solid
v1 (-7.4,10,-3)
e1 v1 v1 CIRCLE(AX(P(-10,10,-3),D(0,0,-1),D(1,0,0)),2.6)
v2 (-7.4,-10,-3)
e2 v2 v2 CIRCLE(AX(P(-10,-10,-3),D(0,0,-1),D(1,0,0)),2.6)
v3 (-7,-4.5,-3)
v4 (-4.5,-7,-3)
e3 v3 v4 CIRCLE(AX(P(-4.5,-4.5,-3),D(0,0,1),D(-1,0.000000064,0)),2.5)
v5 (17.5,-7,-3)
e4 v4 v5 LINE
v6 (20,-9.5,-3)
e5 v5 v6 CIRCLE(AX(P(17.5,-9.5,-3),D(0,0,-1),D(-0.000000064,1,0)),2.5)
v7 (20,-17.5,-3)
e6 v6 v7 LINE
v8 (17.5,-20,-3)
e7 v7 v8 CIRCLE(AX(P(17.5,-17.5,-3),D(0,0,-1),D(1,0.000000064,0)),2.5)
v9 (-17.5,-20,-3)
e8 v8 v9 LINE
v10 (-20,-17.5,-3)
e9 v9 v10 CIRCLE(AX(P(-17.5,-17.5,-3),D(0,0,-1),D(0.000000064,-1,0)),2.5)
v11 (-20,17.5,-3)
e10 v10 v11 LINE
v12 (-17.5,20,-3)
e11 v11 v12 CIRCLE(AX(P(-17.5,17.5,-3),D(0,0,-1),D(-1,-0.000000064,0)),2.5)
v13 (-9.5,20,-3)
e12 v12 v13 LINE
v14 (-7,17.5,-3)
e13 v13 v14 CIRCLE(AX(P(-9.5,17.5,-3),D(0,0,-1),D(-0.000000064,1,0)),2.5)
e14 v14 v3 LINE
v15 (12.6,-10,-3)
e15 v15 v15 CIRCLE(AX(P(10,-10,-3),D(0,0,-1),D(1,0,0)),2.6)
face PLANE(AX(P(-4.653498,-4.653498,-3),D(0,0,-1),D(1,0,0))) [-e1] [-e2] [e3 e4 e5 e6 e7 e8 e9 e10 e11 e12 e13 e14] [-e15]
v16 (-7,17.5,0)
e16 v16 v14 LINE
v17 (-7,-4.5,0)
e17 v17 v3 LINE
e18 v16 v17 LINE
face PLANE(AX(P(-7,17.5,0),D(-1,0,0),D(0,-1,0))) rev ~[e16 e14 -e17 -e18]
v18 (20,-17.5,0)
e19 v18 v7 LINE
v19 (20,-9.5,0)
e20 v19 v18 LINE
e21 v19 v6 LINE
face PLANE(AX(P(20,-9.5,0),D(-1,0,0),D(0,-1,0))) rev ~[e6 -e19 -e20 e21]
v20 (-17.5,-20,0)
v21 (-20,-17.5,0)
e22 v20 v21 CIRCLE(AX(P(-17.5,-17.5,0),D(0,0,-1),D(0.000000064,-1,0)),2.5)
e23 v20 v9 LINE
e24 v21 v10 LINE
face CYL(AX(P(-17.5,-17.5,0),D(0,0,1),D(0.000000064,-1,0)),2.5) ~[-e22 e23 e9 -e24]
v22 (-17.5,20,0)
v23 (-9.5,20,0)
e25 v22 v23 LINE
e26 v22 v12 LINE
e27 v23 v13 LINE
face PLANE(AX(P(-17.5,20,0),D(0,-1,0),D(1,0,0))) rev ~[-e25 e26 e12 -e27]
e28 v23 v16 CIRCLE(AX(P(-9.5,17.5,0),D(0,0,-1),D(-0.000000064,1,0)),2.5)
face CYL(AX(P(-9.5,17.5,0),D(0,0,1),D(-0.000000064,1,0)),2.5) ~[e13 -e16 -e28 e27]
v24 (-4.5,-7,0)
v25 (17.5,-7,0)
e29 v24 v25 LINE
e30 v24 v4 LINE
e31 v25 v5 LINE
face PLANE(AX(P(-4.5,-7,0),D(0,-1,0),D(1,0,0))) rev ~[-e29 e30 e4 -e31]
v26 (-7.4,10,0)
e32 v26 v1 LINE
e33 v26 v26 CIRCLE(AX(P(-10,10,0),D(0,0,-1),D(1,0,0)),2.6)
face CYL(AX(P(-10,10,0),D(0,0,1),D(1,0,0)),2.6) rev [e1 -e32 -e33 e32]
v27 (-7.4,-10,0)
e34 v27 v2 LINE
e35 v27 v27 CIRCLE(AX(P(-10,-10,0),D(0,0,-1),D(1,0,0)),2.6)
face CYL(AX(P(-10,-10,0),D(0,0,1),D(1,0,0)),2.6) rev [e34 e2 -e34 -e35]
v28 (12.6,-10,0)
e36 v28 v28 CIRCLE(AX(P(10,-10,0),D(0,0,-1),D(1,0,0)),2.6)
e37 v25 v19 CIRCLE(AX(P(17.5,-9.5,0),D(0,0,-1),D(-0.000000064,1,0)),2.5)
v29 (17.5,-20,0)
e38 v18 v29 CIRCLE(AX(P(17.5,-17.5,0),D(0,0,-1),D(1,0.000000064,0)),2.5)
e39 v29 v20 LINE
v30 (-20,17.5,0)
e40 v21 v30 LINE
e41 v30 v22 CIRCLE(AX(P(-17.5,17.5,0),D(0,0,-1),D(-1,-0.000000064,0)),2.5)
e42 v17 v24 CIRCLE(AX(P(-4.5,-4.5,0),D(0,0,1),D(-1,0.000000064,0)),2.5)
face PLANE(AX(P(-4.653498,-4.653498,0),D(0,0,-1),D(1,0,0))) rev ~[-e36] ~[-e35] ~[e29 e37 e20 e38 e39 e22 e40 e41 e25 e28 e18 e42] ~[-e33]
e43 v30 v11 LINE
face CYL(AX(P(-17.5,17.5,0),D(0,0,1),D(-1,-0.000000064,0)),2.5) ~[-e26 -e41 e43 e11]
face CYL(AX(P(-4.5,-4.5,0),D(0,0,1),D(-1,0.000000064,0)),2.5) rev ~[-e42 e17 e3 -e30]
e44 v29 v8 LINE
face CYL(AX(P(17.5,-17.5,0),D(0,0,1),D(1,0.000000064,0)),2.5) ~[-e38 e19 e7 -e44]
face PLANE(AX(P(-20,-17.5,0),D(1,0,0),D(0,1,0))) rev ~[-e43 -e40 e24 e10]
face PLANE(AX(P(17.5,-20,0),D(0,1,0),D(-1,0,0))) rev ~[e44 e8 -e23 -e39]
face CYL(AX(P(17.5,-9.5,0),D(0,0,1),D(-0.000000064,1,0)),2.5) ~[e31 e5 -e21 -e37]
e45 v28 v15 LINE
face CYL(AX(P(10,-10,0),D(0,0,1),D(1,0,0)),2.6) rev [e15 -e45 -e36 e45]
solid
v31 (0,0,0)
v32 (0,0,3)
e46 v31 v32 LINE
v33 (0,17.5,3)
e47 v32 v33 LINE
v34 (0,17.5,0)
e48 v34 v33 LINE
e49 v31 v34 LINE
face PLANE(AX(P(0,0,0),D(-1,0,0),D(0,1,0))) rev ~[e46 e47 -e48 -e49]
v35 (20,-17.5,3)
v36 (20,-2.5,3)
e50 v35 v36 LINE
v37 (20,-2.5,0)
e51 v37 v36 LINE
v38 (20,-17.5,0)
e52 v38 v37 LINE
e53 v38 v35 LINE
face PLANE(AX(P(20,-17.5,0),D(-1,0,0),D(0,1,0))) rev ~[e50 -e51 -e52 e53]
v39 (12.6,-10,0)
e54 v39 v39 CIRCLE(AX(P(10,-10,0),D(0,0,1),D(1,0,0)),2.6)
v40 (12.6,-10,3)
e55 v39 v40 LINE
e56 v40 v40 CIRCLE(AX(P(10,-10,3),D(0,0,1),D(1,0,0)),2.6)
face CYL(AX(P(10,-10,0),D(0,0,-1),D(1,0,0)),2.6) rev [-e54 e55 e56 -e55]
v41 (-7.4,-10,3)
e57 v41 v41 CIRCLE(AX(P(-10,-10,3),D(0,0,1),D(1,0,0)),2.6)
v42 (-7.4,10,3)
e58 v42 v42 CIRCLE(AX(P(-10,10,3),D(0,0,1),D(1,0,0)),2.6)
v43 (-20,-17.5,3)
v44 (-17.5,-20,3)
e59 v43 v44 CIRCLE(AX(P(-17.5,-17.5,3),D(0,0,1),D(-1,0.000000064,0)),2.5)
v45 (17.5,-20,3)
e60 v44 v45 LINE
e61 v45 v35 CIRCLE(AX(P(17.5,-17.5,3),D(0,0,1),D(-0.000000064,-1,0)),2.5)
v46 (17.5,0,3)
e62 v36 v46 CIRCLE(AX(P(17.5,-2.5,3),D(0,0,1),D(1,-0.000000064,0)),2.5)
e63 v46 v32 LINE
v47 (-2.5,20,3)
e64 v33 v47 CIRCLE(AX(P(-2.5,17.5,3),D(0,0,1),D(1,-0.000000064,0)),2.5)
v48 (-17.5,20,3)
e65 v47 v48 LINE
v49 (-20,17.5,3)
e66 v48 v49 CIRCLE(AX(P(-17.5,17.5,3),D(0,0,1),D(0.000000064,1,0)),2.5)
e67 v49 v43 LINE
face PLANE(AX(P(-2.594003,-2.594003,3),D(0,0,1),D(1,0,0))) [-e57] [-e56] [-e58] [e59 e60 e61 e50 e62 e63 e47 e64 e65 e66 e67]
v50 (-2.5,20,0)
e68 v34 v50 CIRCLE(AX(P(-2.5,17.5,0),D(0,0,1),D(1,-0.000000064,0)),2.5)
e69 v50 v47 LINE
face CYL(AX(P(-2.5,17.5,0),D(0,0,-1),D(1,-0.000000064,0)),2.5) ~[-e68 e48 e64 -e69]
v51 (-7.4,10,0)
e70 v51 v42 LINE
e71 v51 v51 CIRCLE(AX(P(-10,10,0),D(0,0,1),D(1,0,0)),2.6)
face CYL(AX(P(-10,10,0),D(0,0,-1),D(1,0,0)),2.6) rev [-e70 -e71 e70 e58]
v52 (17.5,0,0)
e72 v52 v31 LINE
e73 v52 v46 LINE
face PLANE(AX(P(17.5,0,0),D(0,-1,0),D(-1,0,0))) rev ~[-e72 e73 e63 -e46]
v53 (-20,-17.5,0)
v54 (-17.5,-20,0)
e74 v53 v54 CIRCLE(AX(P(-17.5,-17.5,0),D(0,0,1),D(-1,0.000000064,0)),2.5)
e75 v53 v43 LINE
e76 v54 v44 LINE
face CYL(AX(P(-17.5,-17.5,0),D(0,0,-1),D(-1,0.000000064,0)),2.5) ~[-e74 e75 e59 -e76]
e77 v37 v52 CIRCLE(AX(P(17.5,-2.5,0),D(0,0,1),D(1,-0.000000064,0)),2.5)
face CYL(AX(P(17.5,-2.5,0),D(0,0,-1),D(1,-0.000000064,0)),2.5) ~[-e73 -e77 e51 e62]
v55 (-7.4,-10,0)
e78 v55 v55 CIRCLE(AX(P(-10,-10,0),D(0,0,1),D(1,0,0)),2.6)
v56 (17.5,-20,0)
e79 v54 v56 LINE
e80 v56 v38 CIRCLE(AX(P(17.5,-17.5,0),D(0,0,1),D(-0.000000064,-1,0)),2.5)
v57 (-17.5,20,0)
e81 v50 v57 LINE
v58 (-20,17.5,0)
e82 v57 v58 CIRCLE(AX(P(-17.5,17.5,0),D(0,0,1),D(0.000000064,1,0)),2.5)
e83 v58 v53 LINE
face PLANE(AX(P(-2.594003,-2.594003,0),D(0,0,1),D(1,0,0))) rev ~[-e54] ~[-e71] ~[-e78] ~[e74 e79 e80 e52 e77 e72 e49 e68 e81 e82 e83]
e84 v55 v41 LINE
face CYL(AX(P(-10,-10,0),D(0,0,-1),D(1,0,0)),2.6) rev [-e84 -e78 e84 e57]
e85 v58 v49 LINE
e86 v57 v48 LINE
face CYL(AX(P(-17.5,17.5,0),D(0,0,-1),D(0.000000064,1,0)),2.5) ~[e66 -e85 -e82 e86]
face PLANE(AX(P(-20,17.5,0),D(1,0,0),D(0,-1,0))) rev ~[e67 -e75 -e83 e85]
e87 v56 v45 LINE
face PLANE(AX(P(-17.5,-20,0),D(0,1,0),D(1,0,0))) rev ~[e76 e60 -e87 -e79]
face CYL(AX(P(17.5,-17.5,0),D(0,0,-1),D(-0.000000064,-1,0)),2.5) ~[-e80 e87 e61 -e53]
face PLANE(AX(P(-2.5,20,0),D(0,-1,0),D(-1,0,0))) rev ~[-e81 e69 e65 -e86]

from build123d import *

# Parameters (mm, degrees)
F0_R     = 2.6
F1_DEPTH = 3
F2_R     = 2.6
F3_DEPTH = 3


with BuildPart() as f1:
    # F0 (on Top) → F1 (new body)
    with BuildSketch(Plane.XY):
        with BuildLine():
            Line((-17.5, -20), (17.5, -20))
            ThreePointArc((17.5, -20), (19.267767, -19.267767), (20, -17.5))
            Line((20, -17.5), (20, -2.5))
            ThreePointArc((20, -2.5), (19.267767, -0.732233), (17.5, 0))
            Line((17.5, 0), (0, 0))
            Line((0, 0), (0, 17.5))
            ThreePointArc((0, 17.5), (-0.732233, 19.267767), (-2.5, 20))
            Line((-2.5, 20), (-17.5, 20))
            ThreePointArc((-17.5, 20), (-19.267767, 19.267767), (-20, 17.5))
            Line((-20, 17.5), (-20, -17.5))
            ThreePointArc((-20, -17.5), (-19.267767, -19.267767), (-17.5, -20))
        make_face()
        with Locations((-10, -10)):
            Circle(F0_R, mode=Mode.SUBTRACT)
        with Locations((10, -10)):
            Circle(F0_R, mode=Mode.SUBTRACT)
        with Locations((-10, 10)):
            Circle(F0_R, mode=Mode.SUBTRACT)
    extrude(amount=F1_DEPTH)


with BuildPart() as f3:
    # F2 (on face) → F3 (new body)
    with BuildSketch(Plane(origin=(0, 0, 0), x_dir=(1, 0, 0), z_dir=(0, 0, -1))):
        with BuildLine():
            ThreePointArc((-7, 4.5), (-6.267767, 6.267767), (-4.5, 7))
            Line((-4.5, 7), (17.5, 7))
            ThreePointArc((17.5, 7), (19.267767, 7.732233), (20, 9.5))
            Line((20, 9.5), (20, 17.5))
            ThreePointArc((20, 17.5), (19.267767, 19.267767), (17.5, 20))
            Line((17.5, 20), (-17.5, 20))
            ThreePointArc((-17.5, 20), (-19.267767, 19.267767), (-20, 17.5))
            Line((-20, 17.5), (-20, -17.5))
            ThreePointArc((-20, -17.5), (-19.267767, -19.267767), (-17.5, -20))
            Line((-17.5, -20), (-9.5, -20))
            ThreePointArc((-9.5, -20), (-7.732233, -19.267767), (-7, -17.5))
            Line((-7, -17.5), (-7, 4.5))
        make_face()
        with Locations((-10, -10)):
            Circle(F2_R, mode=Mode.SUBTRACT)
        with Locations((-10, 10)):
            Circle(F2_R, mode=Mode.SUBTRACT)
        with Locations((10, 10)):
            Circle(F2_R, mode=Mode.SUBTRACT)
    extrude(amount=F3_DEPTH)


solid = Compound([f1.part, f3.part])
